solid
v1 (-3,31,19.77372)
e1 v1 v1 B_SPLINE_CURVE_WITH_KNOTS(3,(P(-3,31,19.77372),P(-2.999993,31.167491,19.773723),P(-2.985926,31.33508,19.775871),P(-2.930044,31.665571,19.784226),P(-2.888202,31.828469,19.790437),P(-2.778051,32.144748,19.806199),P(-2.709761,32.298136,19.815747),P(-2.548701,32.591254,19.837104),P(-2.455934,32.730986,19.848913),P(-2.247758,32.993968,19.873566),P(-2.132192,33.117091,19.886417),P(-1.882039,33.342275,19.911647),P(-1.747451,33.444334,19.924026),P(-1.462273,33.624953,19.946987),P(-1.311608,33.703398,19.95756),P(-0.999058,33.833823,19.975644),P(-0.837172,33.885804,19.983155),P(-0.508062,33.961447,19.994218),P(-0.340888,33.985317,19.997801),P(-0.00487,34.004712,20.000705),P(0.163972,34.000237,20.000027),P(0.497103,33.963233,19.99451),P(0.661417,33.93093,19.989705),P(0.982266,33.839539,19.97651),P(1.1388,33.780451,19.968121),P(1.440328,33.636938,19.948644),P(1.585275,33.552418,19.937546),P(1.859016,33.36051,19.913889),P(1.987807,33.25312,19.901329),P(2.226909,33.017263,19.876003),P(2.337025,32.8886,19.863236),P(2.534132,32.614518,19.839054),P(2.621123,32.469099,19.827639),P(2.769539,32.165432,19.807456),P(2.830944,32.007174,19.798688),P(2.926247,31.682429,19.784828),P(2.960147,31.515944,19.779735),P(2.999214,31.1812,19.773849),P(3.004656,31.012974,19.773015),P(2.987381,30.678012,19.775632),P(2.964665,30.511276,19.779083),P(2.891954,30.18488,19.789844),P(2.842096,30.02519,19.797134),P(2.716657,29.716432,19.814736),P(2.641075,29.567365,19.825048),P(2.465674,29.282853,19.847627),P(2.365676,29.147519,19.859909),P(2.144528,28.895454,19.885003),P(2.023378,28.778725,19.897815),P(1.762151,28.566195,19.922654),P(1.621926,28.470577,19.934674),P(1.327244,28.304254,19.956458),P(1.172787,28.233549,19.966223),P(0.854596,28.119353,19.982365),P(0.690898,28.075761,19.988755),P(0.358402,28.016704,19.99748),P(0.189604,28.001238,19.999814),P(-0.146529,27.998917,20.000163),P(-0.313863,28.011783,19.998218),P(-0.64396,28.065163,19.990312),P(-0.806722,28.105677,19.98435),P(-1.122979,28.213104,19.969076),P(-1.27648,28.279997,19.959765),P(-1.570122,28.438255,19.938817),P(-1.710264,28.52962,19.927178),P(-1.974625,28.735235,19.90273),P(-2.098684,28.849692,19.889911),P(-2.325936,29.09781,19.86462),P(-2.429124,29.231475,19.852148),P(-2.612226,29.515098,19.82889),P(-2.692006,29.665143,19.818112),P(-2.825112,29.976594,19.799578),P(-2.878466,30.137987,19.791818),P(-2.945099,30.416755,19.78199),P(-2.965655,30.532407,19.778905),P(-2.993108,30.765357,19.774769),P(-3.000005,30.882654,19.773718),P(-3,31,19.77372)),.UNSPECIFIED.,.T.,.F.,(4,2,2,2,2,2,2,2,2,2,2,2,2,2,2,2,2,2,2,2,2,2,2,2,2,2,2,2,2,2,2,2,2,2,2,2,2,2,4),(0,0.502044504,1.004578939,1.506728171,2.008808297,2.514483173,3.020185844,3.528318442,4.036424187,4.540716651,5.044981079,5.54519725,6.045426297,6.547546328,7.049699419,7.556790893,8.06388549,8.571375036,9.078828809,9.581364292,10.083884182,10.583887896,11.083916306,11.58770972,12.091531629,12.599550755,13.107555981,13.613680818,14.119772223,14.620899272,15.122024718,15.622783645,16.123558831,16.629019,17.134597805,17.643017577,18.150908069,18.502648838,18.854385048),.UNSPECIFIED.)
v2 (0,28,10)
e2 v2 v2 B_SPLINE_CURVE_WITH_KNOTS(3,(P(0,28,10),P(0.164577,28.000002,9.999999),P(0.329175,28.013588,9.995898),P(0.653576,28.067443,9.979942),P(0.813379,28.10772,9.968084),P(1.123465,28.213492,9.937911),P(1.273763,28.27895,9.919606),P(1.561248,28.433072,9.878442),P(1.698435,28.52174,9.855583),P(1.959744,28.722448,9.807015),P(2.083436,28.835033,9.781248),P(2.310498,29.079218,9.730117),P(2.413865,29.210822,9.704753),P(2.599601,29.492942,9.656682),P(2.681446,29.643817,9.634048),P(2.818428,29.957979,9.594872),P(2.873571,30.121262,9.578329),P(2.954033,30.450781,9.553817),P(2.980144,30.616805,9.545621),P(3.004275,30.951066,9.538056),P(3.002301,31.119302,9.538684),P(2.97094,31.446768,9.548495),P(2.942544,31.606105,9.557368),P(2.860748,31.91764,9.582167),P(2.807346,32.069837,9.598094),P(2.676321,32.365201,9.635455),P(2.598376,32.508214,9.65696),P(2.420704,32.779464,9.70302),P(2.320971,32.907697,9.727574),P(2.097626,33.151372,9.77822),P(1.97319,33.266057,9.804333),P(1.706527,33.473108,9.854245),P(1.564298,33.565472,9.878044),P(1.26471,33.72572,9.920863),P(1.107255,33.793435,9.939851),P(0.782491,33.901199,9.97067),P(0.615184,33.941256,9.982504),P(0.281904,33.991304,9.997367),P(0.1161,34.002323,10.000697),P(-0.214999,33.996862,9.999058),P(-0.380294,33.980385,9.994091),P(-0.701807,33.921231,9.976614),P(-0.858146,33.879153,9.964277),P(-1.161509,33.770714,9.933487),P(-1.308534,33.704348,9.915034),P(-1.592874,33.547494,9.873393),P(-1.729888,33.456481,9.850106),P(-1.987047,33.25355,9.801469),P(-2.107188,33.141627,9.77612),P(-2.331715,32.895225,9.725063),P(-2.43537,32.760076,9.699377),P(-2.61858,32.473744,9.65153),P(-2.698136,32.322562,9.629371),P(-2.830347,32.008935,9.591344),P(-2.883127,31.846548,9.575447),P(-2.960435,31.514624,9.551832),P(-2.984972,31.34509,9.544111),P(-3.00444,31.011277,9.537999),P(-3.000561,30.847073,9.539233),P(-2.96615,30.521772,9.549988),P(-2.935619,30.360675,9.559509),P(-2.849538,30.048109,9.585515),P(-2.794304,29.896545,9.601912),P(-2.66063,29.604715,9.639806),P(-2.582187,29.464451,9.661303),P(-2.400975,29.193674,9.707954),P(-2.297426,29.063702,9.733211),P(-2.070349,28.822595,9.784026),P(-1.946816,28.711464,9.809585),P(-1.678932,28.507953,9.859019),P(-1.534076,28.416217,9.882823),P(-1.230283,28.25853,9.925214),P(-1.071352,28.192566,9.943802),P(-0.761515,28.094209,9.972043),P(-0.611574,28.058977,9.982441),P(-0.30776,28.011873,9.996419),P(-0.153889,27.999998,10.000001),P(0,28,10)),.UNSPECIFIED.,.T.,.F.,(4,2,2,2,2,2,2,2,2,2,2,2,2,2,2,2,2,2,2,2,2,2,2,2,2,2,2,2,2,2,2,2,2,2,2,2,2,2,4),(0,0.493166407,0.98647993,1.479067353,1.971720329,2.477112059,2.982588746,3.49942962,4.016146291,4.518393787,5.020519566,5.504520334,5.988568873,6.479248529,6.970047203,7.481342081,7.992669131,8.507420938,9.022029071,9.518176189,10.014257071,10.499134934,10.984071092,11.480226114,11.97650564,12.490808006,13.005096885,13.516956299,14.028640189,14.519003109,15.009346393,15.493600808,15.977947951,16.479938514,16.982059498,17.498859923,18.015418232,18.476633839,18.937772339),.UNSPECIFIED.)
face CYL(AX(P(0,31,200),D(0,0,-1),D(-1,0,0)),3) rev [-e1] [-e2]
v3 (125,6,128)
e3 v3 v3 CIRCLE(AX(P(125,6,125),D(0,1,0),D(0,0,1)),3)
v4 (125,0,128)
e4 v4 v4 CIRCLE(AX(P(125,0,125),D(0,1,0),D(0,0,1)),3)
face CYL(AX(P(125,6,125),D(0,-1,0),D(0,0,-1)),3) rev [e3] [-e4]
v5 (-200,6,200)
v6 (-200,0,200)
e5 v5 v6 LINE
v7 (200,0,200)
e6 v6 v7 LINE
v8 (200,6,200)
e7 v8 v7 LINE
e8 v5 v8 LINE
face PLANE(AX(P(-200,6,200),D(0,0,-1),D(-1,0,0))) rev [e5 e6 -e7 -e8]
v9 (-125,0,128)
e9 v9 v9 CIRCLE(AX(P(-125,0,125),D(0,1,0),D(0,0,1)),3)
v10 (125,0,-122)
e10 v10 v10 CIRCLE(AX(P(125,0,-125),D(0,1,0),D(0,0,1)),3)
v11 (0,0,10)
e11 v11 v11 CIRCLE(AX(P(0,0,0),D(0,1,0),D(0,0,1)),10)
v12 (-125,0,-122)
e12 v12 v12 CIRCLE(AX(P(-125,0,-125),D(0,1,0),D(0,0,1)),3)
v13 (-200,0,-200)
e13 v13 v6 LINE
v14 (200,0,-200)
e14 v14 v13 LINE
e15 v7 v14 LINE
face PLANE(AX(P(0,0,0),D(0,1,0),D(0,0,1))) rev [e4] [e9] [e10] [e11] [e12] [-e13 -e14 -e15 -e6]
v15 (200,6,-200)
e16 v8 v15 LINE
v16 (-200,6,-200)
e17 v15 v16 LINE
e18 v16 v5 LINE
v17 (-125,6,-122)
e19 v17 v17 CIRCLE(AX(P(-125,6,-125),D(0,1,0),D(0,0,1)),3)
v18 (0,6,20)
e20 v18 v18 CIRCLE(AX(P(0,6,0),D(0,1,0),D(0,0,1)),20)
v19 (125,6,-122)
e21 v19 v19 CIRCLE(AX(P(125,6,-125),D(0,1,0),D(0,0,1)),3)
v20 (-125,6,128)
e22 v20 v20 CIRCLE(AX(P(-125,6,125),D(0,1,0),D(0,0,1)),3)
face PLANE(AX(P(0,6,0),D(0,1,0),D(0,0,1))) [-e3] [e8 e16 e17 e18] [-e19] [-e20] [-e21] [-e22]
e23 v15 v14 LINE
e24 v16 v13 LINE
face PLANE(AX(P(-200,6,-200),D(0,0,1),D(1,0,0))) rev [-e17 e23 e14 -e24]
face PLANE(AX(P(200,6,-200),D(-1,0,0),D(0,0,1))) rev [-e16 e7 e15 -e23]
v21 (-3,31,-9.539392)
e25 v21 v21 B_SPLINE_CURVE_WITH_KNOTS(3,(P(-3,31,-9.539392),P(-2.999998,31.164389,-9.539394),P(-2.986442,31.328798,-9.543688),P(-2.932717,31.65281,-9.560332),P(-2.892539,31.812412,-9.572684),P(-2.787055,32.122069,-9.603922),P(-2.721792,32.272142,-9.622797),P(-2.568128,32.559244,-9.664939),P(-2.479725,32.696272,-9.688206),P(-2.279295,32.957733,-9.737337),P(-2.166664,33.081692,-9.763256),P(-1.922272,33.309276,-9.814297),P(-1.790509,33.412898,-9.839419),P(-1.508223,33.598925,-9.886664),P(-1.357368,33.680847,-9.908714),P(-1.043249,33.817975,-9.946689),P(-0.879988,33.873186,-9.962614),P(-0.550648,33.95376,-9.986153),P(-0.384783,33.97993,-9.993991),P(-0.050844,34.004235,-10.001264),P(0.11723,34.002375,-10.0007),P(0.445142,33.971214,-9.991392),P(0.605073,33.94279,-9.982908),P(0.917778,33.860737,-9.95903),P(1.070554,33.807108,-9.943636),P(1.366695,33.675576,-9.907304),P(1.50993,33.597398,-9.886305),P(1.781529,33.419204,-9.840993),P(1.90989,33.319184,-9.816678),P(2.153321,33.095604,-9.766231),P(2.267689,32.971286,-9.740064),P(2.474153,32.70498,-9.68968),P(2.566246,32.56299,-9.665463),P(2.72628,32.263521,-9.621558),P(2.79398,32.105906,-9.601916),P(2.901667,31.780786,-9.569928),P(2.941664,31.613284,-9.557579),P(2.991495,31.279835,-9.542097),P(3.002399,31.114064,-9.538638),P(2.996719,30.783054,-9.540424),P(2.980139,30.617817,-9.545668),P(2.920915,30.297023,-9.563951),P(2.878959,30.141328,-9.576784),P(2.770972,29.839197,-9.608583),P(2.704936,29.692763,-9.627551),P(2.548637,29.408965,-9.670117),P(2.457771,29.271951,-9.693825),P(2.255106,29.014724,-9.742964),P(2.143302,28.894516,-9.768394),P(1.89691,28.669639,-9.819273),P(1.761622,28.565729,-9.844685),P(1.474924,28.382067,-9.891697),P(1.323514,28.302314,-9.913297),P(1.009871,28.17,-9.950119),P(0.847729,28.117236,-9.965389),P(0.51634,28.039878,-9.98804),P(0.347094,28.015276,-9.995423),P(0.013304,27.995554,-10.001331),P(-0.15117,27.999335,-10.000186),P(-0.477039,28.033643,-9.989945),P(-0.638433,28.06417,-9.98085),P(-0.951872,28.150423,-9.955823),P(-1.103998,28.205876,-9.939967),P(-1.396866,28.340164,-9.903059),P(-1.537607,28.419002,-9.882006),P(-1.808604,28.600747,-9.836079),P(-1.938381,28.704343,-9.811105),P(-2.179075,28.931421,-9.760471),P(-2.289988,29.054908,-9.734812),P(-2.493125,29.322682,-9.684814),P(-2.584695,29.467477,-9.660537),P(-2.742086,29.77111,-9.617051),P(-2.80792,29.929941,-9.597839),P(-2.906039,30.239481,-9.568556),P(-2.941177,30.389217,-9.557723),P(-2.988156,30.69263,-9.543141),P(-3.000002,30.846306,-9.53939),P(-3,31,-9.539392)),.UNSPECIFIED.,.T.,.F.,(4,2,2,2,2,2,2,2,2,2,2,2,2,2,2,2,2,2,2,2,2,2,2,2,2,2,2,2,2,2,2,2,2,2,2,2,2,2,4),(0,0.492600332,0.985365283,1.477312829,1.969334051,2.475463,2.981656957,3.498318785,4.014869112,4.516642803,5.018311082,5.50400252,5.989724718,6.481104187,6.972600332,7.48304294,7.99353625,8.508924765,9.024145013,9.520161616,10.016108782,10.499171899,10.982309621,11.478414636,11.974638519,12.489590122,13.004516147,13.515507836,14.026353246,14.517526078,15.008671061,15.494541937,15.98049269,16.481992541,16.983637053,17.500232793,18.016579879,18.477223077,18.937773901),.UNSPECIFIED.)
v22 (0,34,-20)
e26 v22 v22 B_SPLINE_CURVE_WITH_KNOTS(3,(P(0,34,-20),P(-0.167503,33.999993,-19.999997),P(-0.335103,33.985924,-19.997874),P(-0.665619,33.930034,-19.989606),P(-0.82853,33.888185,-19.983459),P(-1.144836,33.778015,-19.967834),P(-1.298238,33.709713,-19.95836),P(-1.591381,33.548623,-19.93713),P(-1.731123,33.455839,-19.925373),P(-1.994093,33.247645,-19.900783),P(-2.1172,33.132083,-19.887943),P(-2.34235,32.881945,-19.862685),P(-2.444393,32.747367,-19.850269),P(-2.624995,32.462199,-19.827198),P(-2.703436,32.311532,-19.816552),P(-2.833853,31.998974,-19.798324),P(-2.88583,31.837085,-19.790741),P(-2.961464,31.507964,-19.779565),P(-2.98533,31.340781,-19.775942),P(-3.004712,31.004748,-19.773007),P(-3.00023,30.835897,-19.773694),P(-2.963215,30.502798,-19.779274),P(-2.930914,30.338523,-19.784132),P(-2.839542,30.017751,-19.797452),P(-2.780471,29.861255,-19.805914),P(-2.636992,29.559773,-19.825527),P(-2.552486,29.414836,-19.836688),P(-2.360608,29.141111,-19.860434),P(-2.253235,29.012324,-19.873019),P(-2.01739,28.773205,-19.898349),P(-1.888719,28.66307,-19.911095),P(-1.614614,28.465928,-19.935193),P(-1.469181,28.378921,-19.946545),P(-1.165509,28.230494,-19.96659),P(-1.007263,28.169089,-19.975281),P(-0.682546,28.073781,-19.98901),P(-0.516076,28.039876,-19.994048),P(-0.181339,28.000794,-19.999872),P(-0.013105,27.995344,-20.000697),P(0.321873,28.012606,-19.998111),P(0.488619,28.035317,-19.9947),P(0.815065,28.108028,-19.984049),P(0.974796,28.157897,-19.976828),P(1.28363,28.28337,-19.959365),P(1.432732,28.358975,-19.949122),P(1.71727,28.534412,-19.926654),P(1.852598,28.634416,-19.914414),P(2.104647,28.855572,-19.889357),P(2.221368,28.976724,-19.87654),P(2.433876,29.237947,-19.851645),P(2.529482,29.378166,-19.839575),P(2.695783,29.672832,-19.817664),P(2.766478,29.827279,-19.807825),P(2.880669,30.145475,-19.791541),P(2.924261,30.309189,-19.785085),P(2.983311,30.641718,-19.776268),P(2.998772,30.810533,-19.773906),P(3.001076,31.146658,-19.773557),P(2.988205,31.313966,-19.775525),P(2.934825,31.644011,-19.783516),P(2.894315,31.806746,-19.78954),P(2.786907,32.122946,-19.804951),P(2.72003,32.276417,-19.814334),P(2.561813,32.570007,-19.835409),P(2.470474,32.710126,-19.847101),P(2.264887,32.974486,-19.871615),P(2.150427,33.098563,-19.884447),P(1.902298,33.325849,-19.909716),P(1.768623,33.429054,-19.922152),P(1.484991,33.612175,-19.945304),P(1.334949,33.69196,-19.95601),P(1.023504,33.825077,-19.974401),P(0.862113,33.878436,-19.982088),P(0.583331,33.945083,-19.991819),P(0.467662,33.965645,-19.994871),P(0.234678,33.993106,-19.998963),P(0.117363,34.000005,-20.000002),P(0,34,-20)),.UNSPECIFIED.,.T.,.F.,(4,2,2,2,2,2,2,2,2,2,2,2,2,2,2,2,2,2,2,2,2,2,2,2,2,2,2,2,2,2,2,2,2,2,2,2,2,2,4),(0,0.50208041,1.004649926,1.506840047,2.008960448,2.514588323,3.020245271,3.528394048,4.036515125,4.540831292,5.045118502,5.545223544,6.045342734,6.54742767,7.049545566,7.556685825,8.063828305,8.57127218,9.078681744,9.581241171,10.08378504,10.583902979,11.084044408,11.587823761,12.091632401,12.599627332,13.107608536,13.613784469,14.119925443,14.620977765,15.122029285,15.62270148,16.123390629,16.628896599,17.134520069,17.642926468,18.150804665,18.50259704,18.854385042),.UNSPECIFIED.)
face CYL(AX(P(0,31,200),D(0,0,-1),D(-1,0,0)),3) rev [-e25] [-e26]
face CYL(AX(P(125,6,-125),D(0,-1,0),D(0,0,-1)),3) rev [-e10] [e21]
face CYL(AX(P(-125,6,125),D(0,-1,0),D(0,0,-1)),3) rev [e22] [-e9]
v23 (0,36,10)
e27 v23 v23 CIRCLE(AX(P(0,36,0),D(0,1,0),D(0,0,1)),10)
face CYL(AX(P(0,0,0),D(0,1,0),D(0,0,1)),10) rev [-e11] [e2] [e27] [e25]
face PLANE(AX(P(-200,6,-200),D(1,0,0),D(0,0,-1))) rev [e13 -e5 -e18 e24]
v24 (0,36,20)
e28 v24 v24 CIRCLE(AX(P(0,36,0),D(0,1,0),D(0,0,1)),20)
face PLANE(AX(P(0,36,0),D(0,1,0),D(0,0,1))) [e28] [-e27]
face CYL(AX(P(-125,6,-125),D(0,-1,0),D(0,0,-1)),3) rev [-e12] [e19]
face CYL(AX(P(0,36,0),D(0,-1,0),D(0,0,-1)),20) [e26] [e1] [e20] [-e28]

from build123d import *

# Parameters (mm, degrees)
SKETCH_1_W          = 400
SKETCH_1_H          = 400
SKETCH_1_R          = 3
EXTRUDE_1_DEPTH     = 6
SKETCH_2_R          = 20
EXTRUDE_2_DEPTH     = 30
SKETCH_3_R          = 10
CUT_EXTRUDE_1_DEPTH = 286.124534195
SKETCH_4_R          = 3
CUT_EXTRUDE_2_DEPTH = 300.492904757


with BuildPart() as part:
    # 草图1 → 凸台-拉伸1 (new body)
    with BuildSketch(Plane(origin=(0, 0, 0), x_dir=(1, 0, 0), z_dir=(0, 1, 0))):
        Rectangle(SKETCH_1_W, SKETCH_1_H)
        with Locations(Location((-125, 125, 0), (0, 0, 270))):
            Circle(SKETCH_1_R, mode=Mode.SUBTRACT)
        with Locations(Location((125, 125, 0), (0, 0, 270))):
            Circle(SKETCH_1_R, mode=Mode.SUBTRACT)
        with Locations(Location((125, -125, 0), (0, 0, 270))):
            Circle(SKETCH_1_R, mode=Mode.SUBTRACT)
        with Locations(Location((-125, -125, 0), (0, 0, 270))):
            Circle(SKETCH_1_R, mode=Mode.SUBTRACT)
    extrude(amount=EXTRUDE_1_DEPTH)

    # 草图2 → 凸台-拉伸2 (add)
    with BuildSketch(Plane(origin=(0, 6, 0), x_dir=(1, 0, 0), z_dir=(0, 1, 0))):
        with Locations(Location((0, 0, 0), (0, 0, 270))):
            Circle(SKETCH_2_R)
    extrude(amount=EXTRUDE_2_DEPTH)

    # 草图3 → 切除-拉伸1 (cut, through all)
    with BuildSketch(Plane(origin=(0, 36, 0), x_dir=(1, 0, 0), z_dir=(0, 1, 0))):
        with Locations(Location((0, 0, 0), (0, 0, 270))):
            Circle(SKETCH_3_R)
    extrude(amount=-CUT_EXTRUDE_1_DEPTH, mode=Mode.SUBTRACT)

    # 草图4 → 切除-拉伸2 (cut, through all)
    with BuildSketch(Plane(origin=(0, 0, -20), x_dir=(-1, 0, 0), z_dir=(0, 0, -1))):
        with Locations((0, 31)):
            Circle(SKETCH_4_R)
    extrude(amount=-CUT_EXTRUDE_2_DEPTH, mode=Mode.SUBTRACT)


solid = part.part
